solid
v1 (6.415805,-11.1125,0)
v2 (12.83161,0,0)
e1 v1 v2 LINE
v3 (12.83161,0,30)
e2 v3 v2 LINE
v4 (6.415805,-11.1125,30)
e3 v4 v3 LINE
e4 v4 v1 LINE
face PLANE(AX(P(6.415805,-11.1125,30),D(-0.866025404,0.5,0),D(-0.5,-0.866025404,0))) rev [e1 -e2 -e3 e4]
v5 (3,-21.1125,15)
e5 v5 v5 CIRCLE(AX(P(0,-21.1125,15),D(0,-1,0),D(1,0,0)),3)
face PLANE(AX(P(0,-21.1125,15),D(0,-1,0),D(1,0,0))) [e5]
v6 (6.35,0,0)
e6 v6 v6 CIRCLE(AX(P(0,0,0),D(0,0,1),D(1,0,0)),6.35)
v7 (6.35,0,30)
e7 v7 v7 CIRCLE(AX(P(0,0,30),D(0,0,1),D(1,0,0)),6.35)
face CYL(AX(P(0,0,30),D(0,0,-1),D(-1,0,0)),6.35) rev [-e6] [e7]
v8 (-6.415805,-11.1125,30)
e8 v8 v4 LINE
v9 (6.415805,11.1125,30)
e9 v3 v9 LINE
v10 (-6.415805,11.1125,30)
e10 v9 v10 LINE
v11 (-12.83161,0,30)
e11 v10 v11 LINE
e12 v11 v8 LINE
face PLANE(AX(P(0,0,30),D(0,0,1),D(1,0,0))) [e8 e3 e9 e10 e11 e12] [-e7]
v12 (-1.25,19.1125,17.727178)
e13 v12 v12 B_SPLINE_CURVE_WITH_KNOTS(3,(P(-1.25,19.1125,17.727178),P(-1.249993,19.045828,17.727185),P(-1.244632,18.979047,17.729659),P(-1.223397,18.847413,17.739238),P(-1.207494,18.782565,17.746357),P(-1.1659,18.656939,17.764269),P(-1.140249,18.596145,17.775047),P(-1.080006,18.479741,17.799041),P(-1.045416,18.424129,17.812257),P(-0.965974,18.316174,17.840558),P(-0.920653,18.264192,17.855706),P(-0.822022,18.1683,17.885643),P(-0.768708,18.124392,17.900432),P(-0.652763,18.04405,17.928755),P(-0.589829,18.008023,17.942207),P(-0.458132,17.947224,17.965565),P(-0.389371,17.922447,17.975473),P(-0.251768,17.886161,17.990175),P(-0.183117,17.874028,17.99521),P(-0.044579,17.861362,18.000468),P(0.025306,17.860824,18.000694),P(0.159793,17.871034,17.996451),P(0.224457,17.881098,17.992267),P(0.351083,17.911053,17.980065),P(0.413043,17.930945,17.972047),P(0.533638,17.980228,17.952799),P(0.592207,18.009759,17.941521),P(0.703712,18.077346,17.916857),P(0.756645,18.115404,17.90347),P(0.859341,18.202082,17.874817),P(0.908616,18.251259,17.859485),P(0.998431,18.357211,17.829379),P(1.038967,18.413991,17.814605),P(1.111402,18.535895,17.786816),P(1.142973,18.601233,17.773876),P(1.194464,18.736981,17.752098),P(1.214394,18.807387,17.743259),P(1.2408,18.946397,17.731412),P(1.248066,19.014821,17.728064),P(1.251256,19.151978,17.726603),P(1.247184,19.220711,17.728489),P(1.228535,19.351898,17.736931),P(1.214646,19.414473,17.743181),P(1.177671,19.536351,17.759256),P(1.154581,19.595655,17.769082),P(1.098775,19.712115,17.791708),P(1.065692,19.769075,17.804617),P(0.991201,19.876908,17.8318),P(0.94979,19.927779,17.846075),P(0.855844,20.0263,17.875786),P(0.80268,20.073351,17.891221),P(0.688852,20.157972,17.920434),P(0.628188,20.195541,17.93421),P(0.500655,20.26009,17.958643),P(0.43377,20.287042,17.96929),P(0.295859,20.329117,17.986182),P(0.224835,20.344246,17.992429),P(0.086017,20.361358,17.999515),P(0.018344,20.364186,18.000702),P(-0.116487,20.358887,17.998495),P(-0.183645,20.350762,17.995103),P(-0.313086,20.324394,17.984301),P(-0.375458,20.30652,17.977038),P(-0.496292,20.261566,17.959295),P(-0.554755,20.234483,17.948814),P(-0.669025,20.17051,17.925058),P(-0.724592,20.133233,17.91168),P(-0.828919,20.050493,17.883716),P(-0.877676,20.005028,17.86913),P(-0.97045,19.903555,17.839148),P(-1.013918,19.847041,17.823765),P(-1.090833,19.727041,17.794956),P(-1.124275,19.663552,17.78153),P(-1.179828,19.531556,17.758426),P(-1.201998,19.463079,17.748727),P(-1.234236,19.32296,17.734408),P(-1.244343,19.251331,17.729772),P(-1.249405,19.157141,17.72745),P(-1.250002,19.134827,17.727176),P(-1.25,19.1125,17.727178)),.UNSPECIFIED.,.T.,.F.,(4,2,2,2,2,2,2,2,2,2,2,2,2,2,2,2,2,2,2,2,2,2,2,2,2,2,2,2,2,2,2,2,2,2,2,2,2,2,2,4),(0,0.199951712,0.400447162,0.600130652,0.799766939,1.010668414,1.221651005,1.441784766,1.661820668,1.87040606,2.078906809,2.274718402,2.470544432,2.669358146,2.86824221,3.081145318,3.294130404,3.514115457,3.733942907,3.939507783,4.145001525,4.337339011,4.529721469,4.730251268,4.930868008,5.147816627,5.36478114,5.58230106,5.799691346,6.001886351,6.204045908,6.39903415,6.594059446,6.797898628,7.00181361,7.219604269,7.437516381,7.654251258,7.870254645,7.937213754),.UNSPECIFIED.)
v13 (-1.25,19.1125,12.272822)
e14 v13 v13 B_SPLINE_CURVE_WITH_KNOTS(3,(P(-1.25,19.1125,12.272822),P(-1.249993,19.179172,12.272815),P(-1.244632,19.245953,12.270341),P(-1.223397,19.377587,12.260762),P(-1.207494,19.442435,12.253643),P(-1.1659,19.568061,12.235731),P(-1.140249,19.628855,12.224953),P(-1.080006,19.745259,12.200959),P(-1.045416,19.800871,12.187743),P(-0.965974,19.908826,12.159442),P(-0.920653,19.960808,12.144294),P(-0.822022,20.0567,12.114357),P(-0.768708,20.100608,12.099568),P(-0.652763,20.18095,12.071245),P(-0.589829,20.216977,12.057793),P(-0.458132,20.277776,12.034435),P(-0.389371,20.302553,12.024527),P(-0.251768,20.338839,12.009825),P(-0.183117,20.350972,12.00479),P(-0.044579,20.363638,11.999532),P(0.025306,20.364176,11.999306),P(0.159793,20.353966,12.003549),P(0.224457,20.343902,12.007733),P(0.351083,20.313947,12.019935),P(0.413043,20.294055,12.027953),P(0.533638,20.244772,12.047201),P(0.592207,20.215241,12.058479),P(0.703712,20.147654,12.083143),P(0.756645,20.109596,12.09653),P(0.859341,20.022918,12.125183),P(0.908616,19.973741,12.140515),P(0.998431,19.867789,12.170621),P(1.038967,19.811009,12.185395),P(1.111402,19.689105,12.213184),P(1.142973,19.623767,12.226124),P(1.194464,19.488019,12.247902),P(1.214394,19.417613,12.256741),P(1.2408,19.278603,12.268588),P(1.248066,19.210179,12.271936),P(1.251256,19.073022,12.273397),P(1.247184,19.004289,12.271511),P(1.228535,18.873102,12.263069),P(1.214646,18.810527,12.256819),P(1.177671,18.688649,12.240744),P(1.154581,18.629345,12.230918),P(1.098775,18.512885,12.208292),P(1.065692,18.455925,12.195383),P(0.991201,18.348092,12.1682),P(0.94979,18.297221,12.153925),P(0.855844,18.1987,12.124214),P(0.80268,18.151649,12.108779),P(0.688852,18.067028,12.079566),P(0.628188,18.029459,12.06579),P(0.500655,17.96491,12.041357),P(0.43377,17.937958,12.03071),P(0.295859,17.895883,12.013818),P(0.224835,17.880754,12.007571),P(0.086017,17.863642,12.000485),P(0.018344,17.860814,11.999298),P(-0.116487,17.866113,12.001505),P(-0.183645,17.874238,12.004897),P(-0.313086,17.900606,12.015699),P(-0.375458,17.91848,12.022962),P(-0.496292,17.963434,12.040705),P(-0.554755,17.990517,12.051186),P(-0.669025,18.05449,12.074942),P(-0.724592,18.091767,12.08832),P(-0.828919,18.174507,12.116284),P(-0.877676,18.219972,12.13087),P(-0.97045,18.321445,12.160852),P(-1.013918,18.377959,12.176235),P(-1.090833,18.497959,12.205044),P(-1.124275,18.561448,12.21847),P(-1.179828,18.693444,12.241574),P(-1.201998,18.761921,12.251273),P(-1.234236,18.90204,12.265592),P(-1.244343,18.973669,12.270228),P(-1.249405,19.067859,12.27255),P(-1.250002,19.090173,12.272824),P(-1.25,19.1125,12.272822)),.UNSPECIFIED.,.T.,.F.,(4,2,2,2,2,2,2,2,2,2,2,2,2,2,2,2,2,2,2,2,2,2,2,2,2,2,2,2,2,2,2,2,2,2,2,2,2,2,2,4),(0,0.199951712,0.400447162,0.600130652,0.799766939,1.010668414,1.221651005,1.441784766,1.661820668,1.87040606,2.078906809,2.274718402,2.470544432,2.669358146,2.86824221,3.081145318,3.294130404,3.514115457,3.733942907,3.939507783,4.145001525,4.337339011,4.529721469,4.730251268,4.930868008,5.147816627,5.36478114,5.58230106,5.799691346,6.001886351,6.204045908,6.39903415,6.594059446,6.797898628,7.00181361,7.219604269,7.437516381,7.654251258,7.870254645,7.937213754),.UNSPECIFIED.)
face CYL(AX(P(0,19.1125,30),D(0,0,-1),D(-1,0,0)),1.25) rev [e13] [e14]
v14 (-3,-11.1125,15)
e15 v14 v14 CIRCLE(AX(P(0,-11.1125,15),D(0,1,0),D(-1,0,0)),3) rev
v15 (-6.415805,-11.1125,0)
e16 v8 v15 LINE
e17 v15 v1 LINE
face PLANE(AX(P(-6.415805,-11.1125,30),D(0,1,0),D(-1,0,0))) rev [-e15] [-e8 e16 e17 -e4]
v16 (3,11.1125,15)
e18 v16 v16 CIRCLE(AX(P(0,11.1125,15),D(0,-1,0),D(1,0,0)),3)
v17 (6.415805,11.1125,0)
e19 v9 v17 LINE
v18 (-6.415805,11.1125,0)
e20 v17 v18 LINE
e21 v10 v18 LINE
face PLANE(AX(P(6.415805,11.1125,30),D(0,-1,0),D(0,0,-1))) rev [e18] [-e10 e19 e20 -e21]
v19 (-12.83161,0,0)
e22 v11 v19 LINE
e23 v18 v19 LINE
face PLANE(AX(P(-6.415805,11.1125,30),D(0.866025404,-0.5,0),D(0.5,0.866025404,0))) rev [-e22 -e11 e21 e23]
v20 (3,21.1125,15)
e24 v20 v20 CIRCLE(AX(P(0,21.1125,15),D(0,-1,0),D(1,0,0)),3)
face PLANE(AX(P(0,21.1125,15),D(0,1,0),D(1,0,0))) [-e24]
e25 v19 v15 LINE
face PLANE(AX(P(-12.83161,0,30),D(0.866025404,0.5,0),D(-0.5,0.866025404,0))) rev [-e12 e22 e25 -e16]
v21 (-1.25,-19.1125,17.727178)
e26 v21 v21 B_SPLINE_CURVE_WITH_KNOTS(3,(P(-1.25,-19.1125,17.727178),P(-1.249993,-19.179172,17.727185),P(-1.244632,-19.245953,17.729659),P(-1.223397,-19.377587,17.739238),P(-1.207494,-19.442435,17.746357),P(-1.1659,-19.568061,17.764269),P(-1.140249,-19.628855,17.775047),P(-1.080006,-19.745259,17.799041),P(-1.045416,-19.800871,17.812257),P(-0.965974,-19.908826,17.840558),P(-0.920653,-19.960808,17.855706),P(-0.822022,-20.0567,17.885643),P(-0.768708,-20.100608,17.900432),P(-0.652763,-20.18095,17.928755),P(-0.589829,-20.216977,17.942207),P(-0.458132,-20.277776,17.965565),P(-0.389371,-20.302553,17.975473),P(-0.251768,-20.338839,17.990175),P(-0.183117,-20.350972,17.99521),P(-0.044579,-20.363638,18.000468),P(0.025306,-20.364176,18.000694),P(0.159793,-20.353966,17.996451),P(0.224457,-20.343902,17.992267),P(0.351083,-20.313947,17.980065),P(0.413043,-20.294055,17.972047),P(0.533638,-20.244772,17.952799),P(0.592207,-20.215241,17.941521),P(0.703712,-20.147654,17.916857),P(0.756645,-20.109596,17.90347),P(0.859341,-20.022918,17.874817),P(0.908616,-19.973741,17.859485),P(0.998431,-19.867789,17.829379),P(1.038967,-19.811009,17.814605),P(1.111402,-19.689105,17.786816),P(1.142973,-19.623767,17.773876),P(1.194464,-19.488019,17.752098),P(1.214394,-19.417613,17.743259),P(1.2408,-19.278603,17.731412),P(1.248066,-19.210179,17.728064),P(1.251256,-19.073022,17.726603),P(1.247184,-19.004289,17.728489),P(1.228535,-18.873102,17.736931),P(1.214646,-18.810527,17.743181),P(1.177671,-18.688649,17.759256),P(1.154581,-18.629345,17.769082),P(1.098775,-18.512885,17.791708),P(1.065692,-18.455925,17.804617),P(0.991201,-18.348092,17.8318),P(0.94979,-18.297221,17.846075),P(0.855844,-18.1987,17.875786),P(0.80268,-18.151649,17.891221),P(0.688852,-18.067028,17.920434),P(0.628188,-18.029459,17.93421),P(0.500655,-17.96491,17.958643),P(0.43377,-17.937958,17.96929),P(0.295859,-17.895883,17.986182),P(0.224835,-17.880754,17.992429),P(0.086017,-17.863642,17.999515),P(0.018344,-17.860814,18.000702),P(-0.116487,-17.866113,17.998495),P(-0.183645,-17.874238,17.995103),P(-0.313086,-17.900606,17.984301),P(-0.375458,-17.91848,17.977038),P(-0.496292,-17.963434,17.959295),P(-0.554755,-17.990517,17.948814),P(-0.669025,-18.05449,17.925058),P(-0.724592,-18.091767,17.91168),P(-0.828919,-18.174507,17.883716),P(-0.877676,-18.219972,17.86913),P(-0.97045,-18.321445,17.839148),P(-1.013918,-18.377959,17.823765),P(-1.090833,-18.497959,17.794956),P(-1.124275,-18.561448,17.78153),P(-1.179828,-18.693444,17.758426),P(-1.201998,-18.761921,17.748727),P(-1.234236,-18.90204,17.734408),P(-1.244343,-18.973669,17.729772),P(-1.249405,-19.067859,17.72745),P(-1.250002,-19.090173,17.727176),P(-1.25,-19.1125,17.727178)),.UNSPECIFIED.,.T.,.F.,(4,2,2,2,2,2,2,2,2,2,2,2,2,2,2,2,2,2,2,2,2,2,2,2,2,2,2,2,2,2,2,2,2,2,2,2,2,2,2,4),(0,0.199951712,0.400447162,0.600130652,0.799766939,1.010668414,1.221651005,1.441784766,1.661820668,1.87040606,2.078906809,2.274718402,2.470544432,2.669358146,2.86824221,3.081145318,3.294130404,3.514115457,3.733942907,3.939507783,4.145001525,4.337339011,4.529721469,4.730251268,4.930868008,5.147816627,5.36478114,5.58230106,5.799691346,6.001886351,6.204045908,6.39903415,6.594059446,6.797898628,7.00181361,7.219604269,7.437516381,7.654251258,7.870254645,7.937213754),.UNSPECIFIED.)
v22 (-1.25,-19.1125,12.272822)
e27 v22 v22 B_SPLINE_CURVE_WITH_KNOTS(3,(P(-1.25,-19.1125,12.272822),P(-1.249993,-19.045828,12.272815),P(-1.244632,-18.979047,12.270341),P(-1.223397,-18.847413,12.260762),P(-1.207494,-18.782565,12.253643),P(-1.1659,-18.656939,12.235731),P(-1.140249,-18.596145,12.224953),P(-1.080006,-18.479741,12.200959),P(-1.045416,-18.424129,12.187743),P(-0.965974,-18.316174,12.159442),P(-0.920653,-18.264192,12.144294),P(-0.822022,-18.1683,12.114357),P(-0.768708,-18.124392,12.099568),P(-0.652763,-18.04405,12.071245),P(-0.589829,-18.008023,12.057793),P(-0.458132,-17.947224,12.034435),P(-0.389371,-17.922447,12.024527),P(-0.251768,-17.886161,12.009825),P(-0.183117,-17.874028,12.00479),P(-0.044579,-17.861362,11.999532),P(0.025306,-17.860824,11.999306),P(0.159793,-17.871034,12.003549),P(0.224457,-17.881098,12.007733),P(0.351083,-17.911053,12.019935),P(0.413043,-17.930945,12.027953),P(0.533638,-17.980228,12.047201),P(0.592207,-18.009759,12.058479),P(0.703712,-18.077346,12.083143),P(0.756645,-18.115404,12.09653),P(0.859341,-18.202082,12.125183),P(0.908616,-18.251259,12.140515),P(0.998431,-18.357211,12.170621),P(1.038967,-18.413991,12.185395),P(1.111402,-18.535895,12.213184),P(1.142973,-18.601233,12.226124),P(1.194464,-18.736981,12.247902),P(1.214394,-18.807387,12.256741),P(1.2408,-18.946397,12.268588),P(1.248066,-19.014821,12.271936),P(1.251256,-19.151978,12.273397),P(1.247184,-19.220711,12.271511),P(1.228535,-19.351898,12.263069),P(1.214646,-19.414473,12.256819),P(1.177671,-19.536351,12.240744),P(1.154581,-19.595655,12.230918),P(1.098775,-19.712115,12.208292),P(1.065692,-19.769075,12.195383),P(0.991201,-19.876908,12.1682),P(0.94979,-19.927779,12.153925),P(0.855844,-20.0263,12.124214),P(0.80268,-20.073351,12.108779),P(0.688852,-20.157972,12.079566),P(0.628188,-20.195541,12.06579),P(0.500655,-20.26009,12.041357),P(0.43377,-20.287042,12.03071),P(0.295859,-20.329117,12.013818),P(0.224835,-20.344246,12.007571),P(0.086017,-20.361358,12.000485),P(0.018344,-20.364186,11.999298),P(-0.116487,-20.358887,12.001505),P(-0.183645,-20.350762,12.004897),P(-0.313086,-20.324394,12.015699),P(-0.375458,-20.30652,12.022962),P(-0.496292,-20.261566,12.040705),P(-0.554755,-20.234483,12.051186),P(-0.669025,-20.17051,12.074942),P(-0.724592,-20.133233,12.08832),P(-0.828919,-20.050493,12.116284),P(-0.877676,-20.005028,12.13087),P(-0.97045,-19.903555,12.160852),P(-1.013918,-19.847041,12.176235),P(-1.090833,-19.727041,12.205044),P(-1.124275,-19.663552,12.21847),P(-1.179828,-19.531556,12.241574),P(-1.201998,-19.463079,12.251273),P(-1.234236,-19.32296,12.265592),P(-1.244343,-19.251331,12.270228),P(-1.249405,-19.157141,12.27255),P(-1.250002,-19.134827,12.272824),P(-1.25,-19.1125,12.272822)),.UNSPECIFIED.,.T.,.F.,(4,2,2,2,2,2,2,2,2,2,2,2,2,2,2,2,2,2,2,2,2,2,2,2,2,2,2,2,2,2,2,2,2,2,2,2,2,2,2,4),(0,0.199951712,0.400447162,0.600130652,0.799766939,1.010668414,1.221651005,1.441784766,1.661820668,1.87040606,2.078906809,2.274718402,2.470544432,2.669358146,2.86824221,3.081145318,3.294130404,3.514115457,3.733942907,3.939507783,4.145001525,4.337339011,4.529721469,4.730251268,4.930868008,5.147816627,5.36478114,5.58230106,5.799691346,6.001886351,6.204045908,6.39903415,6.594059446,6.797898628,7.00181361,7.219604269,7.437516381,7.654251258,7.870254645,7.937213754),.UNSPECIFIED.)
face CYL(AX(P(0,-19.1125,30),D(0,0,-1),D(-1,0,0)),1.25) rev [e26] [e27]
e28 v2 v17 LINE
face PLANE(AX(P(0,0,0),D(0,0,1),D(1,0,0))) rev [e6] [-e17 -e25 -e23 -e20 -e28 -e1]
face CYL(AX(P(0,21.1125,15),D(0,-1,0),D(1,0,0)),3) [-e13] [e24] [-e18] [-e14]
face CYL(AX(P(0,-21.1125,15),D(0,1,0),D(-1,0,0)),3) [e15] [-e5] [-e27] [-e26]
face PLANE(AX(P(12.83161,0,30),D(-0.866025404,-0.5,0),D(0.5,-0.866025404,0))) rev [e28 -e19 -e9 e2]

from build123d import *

# Parameters (mm, degrees)
SKETCH1_R           = 6.35
BOSS_EXTRUDE1_DEPTH = 30
SKETCH2_R           = 3
BOSS_EXTRUDE2_DEPTH = 10
SKETCH3_R           = 1.25
CUT_EXTRUDE1_DEPTH  = 39.863708837


with BuildPart() as part:
    # Sketch1 → Boss-Extrude1 (new body)
    with BuildSketch(Plane.XY):
        Polygon((6.415804866, -11.1125), (12.831609733, 0), (6.415804866, 11.1125), (-6.415804866, 11.1125), (-12.831609733, 0), (-6.415804866, -11.1125), align=None)
        Circle(SKETCH1_R, mode=Mode.SUBTRACT)
    extrude(amount=BOSS_EXTRUDE1_DEPTH)

    # Sketch2 → Boss-Extrude2 (add)
    with BuildSketch(Plane.XZ.offset(11.1125)):
        with Locations(Location((0, 15, 0), (0, 0, 180))):
            Circle(SKETCH2_R)
    boss_extrude2 = extrude(amount=BOSS_EXTRUDE2_DEPTH)

    # Sketch3 → Cut-Extrude1 (cut, through all)
    with BuildSketch(Plane.XY):
        with Locations(Location((0, -19.1125, 0), (0, 0, 180))):
            Circle(SKETCH3_R)
    cut_extrude1 = extrude(amount=CUT_EXTRUDE1_DEPTH, mode=Mode.SUBTRACT)

    # Mirror1: Boss-Extrude2, Cut-Extrude1 across plane
    add(boss_extrude2.mirror(Plane.ZX))
    add(cut_extrude1.mirror(Plane.ZX), mode=Mode.SUBTRACT)


solid = part.part
